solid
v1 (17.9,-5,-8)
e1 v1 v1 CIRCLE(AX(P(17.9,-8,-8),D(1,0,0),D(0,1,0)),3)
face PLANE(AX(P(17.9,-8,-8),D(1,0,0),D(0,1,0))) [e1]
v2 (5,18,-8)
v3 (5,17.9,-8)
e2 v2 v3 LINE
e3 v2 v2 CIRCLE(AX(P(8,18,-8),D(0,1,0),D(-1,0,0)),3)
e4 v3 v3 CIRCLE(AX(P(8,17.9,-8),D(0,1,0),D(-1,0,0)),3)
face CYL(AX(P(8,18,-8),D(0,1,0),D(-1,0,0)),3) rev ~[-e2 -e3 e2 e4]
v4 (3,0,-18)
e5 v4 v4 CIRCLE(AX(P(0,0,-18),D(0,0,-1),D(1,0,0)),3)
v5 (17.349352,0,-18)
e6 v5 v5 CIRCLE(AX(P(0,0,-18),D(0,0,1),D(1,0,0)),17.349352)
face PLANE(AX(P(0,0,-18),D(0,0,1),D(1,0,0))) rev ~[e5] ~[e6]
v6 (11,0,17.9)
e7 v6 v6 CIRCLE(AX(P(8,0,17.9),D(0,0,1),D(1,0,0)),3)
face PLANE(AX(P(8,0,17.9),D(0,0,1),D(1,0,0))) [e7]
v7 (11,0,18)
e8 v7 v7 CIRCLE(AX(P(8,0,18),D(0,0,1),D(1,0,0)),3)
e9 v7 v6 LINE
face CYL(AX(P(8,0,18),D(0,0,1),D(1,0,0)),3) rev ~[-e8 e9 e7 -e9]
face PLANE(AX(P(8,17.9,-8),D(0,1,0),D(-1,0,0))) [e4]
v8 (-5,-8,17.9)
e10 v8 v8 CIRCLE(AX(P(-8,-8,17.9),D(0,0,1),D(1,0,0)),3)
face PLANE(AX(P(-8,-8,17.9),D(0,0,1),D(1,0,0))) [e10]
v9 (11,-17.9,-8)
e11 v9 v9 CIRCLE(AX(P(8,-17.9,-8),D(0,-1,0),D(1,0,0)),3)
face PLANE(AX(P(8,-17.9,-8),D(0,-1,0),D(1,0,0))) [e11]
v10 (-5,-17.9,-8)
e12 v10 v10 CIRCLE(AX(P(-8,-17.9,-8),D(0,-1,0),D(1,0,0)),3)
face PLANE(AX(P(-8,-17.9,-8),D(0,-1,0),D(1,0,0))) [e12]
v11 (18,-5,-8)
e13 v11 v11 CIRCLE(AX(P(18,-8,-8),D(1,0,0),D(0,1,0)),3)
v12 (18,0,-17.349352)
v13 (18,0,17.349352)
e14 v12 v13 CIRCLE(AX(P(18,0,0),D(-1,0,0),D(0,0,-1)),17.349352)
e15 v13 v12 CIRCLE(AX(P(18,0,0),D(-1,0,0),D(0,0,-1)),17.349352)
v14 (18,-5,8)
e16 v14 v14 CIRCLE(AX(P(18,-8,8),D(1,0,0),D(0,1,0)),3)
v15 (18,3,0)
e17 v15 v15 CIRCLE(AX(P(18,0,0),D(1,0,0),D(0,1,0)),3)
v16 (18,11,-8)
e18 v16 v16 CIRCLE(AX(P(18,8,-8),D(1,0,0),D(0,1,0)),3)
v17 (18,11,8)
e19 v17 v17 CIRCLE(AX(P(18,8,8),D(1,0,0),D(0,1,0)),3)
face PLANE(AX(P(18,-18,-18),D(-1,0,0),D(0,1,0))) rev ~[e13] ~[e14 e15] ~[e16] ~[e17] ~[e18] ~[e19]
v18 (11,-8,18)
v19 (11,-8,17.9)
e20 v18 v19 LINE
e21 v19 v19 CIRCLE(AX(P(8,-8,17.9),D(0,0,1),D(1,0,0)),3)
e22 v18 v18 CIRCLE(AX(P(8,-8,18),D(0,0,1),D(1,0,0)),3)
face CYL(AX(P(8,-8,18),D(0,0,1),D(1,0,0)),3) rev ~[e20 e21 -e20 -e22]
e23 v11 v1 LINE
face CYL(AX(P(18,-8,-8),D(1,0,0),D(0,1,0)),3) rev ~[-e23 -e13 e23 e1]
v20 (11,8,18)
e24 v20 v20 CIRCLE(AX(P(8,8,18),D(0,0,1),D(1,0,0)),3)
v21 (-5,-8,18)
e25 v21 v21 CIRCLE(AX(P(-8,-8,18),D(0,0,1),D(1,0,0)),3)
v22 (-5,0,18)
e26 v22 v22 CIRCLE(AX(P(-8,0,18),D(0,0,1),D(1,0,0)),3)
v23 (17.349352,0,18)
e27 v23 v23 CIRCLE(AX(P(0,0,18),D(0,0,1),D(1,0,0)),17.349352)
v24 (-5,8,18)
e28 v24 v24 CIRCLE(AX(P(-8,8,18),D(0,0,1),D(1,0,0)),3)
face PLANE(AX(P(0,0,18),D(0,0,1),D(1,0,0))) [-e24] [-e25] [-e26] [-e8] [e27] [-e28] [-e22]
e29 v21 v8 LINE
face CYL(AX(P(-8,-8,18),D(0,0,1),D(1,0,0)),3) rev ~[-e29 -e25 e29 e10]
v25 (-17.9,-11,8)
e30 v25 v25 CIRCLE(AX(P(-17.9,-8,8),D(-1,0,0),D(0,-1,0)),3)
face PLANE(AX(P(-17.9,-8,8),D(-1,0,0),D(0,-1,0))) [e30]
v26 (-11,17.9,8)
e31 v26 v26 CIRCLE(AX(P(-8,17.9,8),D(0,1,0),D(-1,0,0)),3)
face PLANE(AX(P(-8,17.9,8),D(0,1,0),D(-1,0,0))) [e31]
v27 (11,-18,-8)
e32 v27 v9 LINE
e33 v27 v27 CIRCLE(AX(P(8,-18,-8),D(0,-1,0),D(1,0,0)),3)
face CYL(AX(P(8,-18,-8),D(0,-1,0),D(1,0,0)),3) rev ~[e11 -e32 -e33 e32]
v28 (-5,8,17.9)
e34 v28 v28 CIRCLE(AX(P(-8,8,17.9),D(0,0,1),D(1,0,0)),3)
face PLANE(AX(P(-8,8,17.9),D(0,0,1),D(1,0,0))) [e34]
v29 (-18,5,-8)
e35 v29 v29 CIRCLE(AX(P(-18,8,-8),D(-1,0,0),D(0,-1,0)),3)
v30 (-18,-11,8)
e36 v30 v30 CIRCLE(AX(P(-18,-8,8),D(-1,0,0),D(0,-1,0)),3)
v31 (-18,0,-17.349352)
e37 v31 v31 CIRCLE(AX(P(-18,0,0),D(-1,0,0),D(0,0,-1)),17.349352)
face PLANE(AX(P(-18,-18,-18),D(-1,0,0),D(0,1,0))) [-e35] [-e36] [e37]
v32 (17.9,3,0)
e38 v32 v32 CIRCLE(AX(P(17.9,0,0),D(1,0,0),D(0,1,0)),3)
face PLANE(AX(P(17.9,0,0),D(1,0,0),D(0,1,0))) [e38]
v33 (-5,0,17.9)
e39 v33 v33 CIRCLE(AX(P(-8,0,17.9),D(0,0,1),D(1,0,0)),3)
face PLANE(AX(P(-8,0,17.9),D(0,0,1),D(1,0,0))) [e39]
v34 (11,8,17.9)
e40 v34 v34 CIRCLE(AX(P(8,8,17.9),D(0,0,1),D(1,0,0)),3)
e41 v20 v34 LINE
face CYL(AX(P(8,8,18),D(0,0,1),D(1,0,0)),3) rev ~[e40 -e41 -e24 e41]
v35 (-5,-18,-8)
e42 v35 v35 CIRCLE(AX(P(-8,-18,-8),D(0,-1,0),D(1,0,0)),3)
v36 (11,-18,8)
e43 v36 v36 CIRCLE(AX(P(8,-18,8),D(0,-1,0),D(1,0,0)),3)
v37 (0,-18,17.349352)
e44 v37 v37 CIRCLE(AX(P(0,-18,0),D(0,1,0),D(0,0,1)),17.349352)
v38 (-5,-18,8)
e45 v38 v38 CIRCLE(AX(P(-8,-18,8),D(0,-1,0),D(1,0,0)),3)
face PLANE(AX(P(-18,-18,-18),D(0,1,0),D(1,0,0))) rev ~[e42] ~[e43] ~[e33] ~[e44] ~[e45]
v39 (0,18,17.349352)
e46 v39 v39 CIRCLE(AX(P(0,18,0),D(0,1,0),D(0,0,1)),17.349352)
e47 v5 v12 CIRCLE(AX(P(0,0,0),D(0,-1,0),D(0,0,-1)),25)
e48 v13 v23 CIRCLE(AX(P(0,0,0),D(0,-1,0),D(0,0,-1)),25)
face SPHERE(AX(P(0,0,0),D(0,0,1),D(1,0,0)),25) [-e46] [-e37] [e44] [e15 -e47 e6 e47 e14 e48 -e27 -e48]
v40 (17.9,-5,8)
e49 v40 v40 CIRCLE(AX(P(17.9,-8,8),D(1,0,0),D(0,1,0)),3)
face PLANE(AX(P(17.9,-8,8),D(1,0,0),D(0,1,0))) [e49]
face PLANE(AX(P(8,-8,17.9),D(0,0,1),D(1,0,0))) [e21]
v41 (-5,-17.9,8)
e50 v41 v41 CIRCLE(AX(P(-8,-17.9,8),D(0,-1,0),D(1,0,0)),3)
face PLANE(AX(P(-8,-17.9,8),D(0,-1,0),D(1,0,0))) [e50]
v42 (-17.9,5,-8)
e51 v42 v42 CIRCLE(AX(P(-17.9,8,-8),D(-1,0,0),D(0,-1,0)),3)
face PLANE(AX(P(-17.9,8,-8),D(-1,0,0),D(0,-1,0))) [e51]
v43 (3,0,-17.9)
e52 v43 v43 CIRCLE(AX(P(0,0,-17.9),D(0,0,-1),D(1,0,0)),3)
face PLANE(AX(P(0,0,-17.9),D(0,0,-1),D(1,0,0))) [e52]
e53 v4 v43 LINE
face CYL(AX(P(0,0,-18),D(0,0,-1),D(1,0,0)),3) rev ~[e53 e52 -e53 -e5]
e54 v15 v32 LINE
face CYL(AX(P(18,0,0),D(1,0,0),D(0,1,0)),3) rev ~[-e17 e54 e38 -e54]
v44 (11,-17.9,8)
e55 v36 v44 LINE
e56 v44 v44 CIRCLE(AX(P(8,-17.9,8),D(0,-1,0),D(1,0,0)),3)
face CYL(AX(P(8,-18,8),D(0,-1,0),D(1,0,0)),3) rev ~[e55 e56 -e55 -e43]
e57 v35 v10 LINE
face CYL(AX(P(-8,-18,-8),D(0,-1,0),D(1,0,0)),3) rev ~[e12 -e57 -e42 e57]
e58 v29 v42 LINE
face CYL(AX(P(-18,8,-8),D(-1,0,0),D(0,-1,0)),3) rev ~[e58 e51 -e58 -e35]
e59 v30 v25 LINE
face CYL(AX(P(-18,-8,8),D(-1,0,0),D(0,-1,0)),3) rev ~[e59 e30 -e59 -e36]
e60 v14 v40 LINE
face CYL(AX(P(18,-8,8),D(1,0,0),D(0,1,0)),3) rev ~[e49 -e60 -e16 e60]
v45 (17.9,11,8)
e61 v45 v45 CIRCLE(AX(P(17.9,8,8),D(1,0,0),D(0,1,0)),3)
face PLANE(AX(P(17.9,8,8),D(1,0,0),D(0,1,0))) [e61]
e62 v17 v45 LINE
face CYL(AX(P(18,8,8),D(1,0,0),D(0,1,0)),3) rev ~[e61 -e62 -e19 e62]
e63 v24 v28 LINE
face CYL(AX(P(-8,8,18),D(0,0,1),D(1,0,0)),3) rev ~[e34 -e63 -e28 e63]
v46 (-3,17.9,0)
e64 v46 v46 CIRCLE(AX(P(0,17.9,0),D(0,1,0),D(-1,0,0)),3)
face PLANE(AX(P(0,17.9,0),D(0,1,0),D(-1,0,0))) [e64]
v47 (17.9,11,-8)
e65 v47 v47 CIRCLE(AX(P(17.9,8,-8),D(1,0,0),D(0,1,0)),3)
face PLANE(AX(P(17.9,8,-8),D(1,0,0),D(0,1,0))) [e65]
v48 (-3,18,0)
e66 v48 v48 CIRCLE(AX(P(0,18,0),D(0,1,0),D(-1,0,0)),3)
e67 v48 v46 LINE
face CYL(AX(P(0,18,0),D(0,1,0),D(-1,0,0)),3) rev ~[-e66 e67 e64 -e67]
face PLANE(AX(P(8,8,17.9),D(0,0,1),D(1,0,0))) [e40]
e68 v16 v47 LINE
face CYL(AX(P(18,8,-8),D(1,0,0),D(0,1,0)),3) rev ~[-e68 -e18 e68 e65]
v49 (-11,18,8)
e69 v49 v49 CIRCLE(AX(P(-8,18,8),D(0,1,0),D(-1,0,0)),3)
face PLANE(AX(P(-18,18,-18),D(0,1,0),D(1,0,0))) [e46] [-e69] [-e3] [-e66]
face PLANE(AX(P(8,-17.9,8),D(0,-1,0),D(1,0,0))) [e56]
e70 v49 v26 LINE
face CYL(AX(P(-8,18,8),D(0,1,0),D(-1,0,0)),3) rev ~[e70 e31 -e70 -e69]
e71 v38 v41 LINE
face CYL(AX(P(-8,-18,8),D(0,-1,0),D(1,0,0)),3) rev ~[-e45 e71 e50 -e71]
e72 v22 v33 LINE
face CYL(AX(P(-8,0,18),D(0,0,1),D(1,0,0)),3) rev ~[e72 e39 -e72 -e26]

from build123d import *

# Parameters (mm, degrees)
BOX_W           = 36
BOX_H           = 36
BOX_DEPTH       = 36
SKETCH_R        = 3
POCKET_DEPTH    = 0.1
SKETCH001_R     = 3
POCKET001_DEPTH = 0.1
SKETCH002_R     = 3
POCKET002_DEPTH = 0.1
SKETCH003_R     = 3
POCKET003_DEPTH = 0.1
SKETCH004_R     = 3
POCKET004_DEPTH = 0.1
SKETCH005_R     = 3
POCKET005_DEPTH = 0.1


with BuildPart() as clue:
    # Sphere → Sphere (revolve)
    with BuildSketch(Plane.XZ):
        with BuildLine():
            ThreePointArc((0, -25), (25, 0), (0, 25))
            Line((0, 25), (0, -25))
        make_face()
    revolve(axis=Axis((0, 0, 0), (0, 0, 1)))


with BuildPart() as pocket005:
    # Box → Box (new body)
    with BuildSketch(Plane(origin=(-18, -18, -18), x_dir=(1, 0, 0), z_dir=(0, 0, 1))):
        with Locations((18, 18)):
            Rectangle(BOX_W, BOX_H)
    extrude(amount=BOX_DEPTH)

    # Common: intersect Clue
    add(clue.part, mode=Mode.INTERSECT)

    # Sketch (on Face3 of Common) → Pocket (cut)
    with BuildSketch(Plane.XY.offset(18)):
        with Locations((-8, 8)):
            Circle(SKETCH_R)
        with Locations((-8, 0)):
            Circle(SKETCH_R)
        with Locations((-8, -8)):
            Circle(SKETCH_R)
        with Locations((8, 8)):
            Circle(SKETCH_R)
        with Locations((8, 0)):
            Circle(SKETCH_R)
        with Locations((8, -8)):
            Circle(SKETCH_R)
    extrude(amount=-POCKET_DEPTH, mode=Mode.SUBTRACT)

    # Sketch001 (on Face4 of Pocket) → Pocket001 (cut)
    with BuildSketch(Plane.YZ.offset(18)):
        with Locations((-8, 8)):
            Circle(SKETCH001_R)
        with Locations((8, 8)):
            Circle(SKETCH001_R)
        with Locations((-8, -8)):
            Circle(SKETCH001_R)
        with Locations((8, -8)):
            Circle(SKETCH001_R)
        Circle(SKETCH001_R)
    extrude(amount=-POCKET001_DEPTH, mode=Mode.SUBTRACT)

    # Sketch002 (on Face6 of Pocket001) → Pocket002 (cut)
    with BuildSketch(Plane.XZ.offset(18)):
        with Locations((-8, 8)):
            Circle(SKETCH002_R)
        with Locations((-8, -8)):
            Circle(SKETCH002_R)
        with Locations((8, 8)):
            Circle(SKETCH002_R)
        with Locations((8, -8)):
            Circle(SKETCH002_R)
    extrude(amount=-POCKET002_DEPTH, mode=Mode.SUBTRACT)

    # Sketch003 (on Face7 of Pocket002) → Pocket003 (cut)
    with BuildSketch(Plane(origin=(0, 18, 0), x_dir=(-1, 0, 0), z_dir=(0, 1, 0))):
        with Locations((8, 8)):
            Circle(SKETCH003_R)
        Circle(SKETCH003_R)
        with Locations((-8, -8)):
            Circle(SKETCH003_R)
    extrude(amount=-POCKET003_DEPTH, mode=Mode.SUBTRACT)

    # Sketch004 (on Face1 of Pocket003) → Pocket004 (cut)
    with BuildSketch(Plane(origin=(-18, 0, 0), x_dir=(0, -1, 0), z_dir=(-1, 0, 0))):
        with Locations((8, 8)):
            Circle(SKETCH004_R)
        with Locations((-8, -8)):
            Circle(SKETCH004_R)
    extrude(amount=-POCKET004_DEPTH, mode=Mode.SUBTRACT)

    # Sketch005 (on Face7 of Pocket004) → Pocket005 (cut)
    with BuildSketch(Plane(origin=(0, 0, -18), x_dir=(1, 0, 0), z_dir=(0, 0, -1))):
        Circle(SKETCH005_R)
    extrude(amount=-POCKET005_DEPTH, mode=Mode.SUBTRACT)


solid = pocket005.part
